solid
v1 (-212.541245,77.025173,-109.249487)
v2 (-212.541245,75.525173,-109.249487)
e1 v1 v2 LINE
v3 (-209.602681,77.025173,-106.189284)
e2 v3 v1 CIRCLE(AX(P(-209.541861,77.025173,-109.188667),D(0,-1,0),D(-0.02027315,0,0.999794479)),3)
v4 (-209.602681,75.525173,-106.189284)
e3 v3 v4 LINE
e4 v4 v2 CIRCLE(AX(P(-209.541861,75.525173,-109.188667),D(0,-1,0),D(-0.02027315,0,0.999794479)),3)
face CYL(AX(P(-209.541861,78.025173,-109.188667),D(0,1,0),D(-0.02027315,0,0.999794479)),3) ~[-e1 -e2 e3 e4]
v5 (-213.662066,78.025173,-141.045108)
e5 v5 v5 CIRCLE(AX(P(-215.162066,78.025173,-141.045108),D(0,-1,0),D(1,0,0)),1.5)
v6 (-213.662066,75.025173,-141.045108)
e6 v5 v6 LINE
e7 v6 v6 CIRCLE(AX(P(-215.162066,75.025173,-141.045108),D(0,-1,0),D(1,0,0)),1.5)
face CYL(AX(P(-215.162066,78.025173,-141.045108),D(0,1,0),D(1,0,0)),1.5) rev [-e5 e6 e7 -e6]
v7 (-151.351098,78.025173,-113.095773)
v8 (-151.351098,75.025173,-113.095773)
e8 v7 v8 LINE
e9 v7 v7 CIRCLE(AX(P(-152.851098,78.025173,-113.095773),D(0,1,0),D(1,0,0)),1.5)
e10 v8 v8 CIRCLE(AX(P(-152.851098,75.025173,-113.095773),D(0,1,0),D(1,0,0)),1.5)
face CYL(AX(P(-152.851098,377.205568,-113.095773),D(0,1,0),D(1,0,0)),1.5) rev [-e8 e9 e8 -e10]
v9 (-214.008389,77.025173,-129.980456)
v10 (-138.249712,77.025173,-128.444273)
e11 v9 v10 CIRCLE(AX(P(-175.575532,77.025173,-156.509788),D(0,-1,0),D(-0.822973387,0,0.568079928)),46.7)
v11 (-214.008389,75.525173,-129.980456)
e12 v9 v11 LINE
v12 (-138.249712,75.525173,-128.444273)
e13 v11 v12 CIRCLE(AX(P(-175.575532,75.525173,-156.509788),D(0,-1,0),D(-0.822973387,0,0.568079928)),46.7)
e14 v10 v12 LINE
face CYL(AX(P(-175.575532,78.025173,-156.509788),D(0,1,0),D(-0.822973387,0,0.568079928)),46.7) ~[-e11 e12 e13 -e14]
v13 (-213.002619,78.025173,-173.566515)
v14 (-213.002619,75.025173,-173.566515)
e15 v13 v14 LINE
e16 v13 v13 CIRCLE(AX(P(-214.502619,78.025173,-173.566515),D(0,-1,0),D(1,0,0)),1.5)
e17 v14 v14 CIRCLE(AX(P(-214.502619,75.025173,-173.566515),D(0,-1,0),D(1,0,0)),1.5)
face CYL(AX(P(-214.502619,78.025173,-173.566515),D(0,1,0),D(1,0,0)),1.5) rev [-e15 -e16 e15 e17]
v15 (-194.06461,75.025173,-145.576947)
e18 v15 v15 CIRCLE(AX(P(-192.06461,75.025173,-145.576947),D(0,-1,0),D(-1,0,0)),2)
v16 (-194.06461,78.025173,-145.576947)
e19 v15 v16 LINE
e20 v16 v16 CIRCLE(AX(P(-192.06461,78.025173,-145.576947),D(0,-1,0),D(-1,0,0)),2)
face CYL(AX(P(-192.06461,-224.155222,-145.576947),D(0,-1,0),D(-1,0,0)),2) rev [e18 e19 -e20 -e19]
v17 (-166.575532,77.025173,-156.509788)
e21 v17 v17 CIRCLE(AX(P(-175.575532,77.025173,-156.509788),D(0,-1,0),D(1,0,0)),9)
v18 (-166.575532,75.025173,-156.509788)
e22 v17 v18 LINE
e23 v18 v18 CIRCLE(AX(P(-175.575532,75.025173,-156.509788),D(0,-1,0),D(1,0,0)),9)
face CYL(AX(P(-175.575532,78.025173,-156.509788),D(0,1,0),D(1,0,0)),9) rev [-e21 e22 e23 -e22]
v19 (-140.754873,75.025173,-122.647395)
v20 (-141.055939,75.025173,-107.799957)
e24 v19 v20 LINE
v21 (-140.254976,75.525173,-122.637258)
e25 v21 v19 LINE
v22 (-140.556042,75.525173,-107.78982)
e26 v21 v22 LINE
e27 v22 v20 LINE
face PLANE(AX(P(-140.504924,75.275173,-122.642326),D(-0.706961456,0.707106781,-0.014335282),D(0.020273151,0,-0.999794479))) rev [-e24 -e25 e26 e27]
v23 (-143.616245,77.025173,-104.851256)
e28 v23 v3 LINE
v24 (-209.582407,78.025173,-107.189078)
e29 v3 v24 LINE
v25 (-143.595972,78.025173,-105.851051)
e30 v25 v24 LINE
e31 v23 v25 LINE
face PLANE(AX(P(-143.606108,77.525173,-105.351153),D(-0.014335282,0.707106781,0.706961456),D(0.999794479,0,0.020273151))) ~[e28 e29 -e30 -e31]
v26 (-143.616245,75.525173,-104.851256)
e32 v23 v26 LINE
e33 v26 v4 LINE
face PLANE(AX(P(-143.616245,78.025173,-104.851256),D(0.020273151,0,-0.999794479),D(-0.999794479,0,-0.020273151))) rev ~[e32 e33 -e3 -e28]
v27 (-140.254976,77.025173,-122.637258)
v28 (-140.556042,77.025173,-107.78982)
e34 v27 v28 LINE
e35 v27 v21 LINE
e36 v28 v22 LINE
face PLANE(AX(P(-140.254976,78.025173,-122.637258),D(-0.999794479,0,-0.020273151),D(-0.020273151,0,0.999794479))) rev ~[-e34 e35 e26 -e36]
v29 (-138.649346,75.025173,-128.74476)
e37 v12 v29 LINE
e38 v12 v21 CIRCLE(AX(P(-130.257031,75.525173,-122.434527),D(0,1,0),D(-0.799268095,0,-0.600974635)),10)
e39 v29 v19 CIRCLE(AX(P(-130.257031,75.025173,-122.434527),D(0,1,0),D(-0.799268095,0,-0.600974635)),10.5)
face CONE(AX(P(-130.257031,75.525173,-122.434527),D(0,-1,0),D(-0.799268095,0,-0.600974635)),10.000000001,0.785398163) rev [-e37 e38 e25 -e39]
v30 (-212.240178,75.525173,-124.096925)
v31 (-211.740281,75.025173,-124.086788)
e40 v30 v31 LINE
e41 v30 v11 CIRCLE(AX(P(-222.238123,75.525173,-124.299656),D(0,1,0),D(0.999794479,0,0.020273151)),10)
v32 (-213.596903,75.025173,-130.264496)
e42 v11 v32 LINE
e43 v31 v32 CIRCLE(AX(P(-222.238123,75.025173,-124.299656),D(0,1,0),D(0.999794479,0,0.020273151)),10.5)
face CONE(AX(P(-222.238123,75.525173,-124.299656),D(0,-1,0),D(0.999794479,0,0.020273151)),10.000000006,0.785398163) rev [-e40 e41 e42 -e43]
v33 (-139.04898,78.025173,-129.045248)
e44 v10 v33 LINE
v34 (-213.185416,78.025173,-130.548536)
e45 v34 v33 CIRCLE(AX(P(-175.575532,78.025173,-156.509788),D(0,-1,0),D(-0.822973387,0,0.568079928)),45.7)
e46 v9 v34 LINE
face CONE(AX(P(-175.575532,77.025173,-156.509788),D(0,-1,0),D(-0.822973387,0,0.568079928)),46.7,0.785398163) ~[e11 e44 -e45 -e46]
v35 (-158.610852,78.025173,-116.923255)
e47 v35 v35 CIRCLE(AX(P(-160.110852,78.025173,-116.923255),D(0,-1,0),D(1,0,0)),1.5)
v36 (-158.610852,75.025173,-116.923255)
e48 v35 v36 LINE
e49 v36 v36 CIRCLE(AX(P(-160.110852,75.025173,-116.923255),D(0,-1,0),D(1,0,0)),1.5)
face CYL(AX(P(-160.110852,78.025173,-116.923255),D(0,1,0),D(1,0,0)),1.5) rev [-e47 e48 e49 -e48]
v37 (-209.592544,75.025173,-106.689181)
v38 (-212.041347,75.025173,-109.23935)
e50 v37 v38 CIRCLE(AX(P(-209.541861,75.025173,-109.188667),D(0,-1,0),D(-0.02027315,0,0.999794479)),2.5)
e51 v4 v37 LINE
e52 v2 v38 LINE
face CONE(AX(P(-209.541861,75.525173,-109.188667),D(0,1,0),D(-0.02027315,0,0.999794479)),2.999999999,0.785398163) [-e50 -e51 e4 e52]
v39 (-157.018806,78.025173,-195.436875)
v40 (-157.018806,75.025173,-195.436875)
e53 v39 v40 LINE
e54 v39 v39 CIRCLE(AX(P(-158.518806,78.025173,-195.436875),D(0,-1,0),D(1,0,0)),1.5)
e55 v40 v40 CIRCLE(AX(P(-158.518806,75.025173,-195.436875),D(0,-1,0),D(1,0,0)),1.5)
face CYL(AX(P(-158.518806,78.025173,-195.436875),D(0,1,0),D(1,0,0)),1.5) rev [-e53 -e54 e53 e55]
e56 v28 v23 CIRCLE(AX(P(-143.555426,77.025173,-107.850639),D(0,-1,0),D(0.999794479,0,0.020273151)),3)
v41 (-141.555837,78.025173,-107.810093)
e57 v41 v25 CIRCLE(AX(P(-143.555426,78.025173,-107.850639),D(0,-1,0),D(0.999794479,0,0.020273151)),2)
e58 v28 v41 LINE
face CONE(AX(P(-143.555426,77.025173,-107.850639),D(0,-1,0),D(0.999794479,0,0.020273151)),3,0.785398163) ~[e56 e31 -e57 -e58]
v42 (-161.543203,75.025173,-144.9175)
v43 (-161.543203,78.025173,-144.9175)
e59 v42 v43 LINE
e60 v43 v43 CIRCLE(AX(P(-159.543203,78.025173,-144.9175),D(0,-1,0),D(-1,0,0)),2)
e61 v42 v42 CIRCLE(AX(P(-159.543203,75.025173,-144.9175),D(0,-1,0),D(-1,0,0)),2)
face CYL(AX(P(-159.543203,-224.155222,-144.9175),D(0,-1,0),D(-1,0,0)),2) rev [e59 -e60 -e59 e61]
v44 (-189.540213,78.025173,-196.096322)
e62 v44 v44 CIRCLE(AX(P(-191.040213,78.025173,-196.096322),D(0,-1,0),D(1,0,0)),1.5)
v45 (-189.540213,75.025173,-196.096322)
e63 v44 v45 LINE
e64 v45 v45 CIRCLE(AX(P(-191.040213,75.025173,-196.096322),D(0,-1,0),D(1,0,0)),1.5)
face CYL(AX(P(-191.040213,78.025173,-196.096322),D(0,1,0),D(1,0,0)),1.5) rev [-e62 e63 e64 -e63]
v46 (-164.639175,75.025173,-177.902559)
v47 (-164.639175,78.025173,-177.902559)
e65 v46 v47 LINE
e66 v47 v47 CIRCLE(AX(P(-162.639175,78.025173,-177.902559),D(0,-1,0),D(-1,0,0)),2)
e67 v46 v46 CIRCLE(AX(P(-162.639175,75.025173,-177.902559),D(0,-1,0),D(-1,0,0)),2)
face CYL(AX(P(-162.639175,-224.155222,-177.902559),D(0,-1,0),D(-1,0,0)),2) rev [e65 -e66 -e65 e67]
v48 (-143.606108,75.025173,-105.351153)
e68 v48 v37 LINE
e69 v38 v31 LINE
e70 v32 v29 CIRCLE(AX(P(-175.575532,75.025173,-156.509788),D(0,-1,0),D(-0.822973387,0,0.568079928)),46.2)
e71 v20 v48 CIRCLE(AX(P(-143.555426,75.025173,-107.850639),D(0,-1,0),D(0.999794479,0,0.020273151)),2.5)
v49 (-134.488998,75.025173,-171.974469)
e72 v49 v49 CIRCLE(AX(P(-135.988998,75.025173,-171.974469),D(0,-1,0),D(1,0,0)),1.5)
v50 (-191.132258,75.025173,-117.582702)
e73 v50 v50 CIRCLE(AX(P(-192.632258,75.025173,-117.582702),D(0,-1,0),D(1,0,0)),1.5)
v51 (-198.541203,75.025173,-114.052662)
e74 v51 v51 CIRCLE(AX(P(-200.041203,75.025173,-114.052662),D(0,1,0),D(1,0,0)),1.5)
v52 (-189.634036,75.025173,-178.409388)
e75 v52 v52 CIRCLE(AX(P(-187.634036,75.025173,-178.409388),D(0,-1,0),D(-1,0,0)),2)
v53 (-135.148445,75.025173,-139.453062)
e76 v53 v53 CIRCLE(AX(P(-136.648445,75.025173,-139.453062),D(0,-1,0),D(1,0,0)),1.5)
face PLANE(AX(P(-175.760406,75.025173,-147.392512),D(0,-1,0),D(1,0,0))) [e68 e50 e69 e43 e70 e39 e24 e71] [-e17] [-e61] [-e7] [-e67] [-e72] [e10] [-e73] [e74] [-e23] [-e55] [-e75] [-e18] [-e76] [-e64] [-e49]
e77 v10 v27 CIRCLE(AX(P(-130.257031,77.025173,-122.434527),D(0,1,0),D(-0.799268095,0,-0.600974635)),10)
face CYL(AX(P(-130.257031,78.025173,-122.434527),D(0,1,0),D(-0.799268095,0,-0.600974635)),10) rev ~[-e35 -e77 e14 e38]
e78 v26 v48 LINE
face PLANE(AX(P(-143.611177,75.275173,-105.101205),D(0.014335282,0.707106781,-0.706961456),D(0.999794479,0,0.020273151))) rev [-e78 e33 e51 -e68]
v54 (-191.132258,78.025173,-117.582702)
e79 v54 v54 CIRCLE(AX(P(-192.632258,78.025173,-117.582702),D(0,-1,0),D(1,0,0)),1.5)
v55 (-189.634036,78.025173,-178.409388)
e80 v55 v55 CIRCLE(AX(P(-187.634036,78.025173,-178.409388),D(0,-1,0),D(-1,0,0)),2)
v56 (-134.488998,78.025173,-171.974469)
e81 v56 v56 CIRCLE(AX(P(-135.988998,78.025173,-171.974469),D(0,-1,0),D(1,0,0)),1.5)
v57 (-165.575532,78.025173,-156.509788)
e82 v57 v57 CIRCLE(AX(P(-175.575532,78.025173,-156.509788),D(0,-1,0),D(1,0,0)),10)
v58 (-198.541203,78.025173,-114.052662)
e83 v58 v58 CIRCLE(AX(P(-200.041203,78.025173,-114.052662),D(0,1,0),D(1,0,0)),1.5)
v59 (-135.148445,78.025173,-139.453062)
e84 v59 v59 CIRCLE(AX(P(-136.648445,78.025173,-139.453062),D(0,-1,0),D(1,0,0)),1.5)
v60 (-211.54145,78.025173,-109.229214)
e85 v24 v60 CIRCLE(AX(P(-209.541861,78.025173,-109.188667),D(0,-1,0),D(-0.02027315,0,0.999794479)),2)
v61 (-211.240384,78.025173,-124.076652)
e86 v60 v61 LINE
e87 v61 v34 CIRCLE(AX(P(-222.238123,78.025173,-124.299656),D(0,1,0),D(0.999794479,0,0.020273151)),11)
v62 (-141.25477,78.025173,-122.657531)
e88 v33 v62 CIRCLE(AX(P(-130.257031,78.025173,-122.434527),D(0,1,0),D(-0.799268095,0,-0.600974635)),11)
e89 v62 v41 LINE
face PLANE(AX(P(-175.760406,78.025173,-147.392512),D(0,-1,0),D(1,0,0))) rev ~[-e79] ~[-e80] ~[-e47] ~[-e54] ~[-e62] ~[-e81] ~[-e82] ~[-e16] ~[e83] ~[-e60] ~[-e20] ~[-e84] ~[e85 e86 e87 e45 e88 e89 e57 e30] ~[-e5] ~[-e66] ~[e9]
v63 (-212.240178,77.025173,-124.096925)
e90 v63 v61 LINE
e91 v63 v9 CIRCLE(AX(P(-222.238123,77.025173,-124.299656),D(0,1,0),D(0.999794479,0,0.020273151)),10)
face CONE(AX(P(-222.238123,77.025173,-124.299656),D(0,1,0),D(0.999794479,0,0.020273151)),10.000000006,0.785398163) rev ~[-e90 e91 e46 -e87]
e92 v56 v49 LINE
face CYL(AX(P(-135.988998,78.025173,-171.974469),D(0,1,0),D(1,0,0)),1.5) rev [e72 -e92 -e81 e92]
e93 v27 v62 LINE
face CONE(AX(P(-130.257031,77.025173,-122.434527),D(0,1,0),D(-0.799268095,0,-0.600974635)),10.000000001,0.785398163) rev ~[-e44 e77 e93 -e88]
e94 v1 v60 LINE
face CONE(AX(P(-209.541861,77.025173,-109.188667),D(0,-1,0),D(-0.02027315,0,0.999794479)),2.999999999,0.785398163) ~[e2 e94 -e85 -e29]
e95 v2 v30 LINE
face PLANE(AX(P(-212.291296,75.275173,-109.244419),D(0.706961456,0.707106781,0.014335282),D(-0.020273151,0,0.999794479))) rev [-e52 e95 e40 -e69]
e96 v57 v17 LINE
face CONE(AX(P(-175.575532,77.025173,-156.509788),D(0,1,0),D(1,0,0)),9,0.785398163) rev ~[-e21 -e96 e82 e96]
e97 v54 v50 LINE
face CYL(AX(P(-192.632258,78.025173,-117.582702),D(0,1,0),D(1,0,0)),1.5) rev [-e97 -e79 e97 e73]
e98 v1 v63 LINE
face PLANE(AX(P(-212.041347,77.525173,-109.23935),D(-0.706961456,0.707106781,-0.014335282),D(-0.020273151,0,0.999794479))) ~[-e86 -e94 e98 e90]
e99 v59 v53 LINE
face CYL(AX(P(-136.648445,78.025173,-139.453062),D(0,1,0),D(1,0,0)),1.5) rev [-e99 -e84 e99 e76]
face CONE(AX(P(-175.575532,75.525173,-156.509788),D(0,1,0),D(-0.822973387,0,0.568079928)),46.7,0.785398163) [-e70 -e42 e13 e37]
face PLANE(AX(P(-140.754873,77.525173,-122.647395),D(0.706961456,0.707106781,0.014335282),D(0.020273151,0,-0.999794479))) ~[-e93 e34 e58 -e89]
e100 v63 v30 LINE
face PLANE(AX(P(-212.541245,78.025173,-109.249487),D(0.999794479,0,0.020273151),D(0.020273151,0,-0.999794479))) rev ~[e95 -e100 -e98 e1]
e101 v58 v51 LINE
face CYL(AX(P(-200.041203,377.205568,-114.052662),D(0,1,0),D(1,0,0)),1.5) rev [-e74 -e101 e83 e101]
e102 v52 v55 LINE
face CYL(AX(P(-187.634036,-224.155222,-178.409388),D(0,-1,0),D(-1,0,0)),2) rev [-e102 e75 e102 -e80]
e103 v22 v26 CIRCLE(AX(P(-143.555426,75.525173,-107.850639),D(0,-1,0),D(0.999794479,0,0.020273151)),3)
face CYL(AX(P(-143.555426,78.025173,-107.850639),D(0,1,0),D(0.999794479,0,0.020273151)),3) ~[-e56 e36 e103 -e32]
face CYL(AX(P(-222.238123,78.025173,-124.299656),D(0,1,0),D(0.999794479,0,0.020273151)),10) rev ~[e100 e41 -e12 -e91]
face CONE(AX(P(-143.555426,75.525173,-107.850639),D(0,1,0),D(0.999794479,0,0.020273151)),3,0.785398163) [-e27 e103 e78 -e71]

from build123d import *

# Parameters (mm, degrees)
SKETCH_1_R               = 1.5
SKETCH_1_R_2             = 9
EXTRUDE_1_DEPTH          = 3
CHAMFER_1_SIZE           = 0.5
CUT_EXTRUDE_1_DEPTH      = 302.180394913
CUT_EXTRUDE_1_DEPTH_BACK = 302.180394913
SKETCH_3_R               = 1.5
CUT_EXTRUDE_2_DEPTH      = 302.180394913
CUT_EXTRUDE_2_DEPTH_BACK = 302.180394913
SKETCH_4_R               = 2
CHAMFER_2_SIZE           = 1
CUT_EXTRUDE_3_DEPTH      = 302.180394913
CUT_EXTRUDE_3_DEPTH_BACK = 302.180394913
SKETCH_5_R               = 1.5


with BuildPart() as part:
    # 草图1 → 凸台-拉伸1 (new body)
    with BuildSketch(Plane.XZ.offset(-78.025173071)):
        with BuildLine():
            Line((-212.541244563, -109.249486882), (-212.240178336, -124.096924988))
            ThreePointArc((-212.240178336, -124.096924988), (-212.661273384, -127.177841531), (-214.008389255, -129.980455778))
            ThreePointArc((-214.008389255, -129.980455778), (-174.628775953, -203.200190572), (-138.249712047, -128.44427297))
            ThreePointArc((-138.249712047, -128.44427297), (-139.709332875, -125.698571817), (-140.25497588, -122.637258129))
            Line((-140.25497588, -122.637258129), (-140.556042107, -107.789820023))
            ThreePointArc((-140.556042107, -107.789820023), (-141.477547023, -105.686749262), (-143.616244995, -104.85125604))
            Line((-143.616244995, -104.85125604), (-209.60268058, -106.189283994))
            ThreePointArc((-209.60268058, -106.189283994), (-211.705751342, -107.11078891), (-212.541244563, -109.249486882))
        make_face()
        with Locations((-136.648445194, -139.453062321)):
            Circle(SKETCH_1_R, mode=Mode.SUBTRACT)
        with Locations((-175.575532096, -156.509788424)):
            Circle(SKETCH_1_R_2, mode=Mode.SUBTRACT)
        with Locations((-135.988998284, -171.974468852)):
            Circle(SKETCH_1_R, mode=Mode.SUBTRACT)
        with Locations((-191.040212525, -196.096322235)):
            Circle(SKETCH_1_R, mode=Mode.SUBTRACT)
        with Locations((-215.162065908, -141.045107995)):
            Circle(SKETCH_1_R, mode=Mode.SUBTRACT)
        with Locations((-192.632258198, -117.582701522)):
            Circle(SKETCH_1_R, mode=Mode.SUBTRACT)
        with Locations((-160.110851668, -116.923254612)):
            Circle(SKETCH_1_R, mode=Mode.SUBTRACT)
        with Locations((-214.502618998, -173.566514526)):
            Circle(SKETCH_1_R, mode=Mode.SUBTRACT)
        with Locations((-158.518805994, -195.436875326)):
            Circle(SKETCH_1_R, mode=Mode.SUBTRACT)
    extrude(amount=EXTRUDE_1_DEPTH)

    # 倒角1
    chamfer_1_edges = [part.edges().sort_by_distance(p)[0] for p in [
        (-211.705751339, 75.025173077, -107.110788911),
        (-212.390711447, 75.025173077, -116.673205936),
        (-212.661273381, 75.025173077, -127.177841532),
        (-174.628775951, 75.025173075, -203.200190573),
        (-139.709332873, 75.025173075, -125.698571818),
        (-140.405508991, 75.025173075, -115.213539077),
        (-141.477547021, 75.025173075, -105.686749262),
        (-176.609462785, 75.025173076, -105.520270018),
    ]]
    chamfer(chamfer_1_edges, length=CHAMFER_1_SIZE)

    # 草图3 → 切除-拉伸1 (cut, two sides: drawn at the far end of the back side and taken through both)
    with BuildSketch(Plane.XZ.offset(-75.025173071).offset(-CUT_EXTRUDE_1_DEPTH_BACK)):
        with Locations((-200.041202679, -114.05266186)):
            Circle(SKETCH_3_R)
    extrude(amount=CUT_EXTRUDE_1_DEPTH + CUT_EXTRUDE_1_DEPTH_BACK, mode=Mode.SUBTRACT)

    # 草图4 → 切除-拉伸2 (cut, two sides: drawn at the far end of the back side and taken through both)
    with BuildSketch(Plane(origin=(2e-09, 78.025173071, -1e-09), x_dir=(1.0, -3.1446611841336594e-11, 0), z_dir=(3.1446611841336594e-11, 1.0, -6.574611909583631e-12)).offset(-CUT_EXTRUDE_2_DEPTH_BACK)):
        with Locations(Location((-192.064609975, 145.576946921, 0), (0, 0, 180))):
            Circle(SKETCH_4_R)
        with Locations(Location((-159.543203445, 144.917500011, 0), (0, 0, 180))):
            Circle(SKETCH_4_R)
        with Locations(Location((-187.634036488, 178.409388234, 0), (0, 0, 180))):
            Circle(SKETCH_4_R)
        with Locations(Location((-162.639174524, 177.902559463, 0), (0, 0, 180))):
            Circle(SKETCH_4_R)
    extrude(amount=CUT_EXTRUDE_2_DEPTH + CUT_EXTRUDE_2_DEPTH_BACK, mode=Mode.SUBTRACT)

    # 倒角2
    chamfer_2_edges = [part.edges().sort_by_distance(p)[0] for p in [
        (-212.390711447, 78.025173077, -116.673205936),
        (-211.705751339, 78.025173077, -107.110788911),
        (-176.609462785, 78.025173076, -105.520270018),
        (-141.477547021, 78.025173075, -105.686749262),
        (-184.575532094, 78.025173076, -156.509788424),
        (-140.405508991, 78.025173075, -115.213539077),
        (-139.709332873, 78.025173075, -125.698571818),
        (-174.62877595, 78.025173075, -203.200190573),
        (-212.661273381, 78.025173077, -127.177841532),
    ]]
    chamfer(chamfer_2_edges, length=CHAMFER_2_SIZE)

    # 草图5 → 切除-拉伸3 (cut, two sides: drawn at the far end of the back side and taken through both)
    with BuildSketch(Plane.XZ.offset(-75.025173071).offset(-CUT_EXTRUDE_3_DEPTH_BACK)):
        with Locations((-152.851097985, -113.09577309)):
            Circle(SKETCH_5_R)
    extrude(amount=CUT_EXTRUDE_3_DEPTH + CUT_EXTRUDE_3_DEPTH_BACK, mode=Mode.SUBTRACT)


solid = part.part
